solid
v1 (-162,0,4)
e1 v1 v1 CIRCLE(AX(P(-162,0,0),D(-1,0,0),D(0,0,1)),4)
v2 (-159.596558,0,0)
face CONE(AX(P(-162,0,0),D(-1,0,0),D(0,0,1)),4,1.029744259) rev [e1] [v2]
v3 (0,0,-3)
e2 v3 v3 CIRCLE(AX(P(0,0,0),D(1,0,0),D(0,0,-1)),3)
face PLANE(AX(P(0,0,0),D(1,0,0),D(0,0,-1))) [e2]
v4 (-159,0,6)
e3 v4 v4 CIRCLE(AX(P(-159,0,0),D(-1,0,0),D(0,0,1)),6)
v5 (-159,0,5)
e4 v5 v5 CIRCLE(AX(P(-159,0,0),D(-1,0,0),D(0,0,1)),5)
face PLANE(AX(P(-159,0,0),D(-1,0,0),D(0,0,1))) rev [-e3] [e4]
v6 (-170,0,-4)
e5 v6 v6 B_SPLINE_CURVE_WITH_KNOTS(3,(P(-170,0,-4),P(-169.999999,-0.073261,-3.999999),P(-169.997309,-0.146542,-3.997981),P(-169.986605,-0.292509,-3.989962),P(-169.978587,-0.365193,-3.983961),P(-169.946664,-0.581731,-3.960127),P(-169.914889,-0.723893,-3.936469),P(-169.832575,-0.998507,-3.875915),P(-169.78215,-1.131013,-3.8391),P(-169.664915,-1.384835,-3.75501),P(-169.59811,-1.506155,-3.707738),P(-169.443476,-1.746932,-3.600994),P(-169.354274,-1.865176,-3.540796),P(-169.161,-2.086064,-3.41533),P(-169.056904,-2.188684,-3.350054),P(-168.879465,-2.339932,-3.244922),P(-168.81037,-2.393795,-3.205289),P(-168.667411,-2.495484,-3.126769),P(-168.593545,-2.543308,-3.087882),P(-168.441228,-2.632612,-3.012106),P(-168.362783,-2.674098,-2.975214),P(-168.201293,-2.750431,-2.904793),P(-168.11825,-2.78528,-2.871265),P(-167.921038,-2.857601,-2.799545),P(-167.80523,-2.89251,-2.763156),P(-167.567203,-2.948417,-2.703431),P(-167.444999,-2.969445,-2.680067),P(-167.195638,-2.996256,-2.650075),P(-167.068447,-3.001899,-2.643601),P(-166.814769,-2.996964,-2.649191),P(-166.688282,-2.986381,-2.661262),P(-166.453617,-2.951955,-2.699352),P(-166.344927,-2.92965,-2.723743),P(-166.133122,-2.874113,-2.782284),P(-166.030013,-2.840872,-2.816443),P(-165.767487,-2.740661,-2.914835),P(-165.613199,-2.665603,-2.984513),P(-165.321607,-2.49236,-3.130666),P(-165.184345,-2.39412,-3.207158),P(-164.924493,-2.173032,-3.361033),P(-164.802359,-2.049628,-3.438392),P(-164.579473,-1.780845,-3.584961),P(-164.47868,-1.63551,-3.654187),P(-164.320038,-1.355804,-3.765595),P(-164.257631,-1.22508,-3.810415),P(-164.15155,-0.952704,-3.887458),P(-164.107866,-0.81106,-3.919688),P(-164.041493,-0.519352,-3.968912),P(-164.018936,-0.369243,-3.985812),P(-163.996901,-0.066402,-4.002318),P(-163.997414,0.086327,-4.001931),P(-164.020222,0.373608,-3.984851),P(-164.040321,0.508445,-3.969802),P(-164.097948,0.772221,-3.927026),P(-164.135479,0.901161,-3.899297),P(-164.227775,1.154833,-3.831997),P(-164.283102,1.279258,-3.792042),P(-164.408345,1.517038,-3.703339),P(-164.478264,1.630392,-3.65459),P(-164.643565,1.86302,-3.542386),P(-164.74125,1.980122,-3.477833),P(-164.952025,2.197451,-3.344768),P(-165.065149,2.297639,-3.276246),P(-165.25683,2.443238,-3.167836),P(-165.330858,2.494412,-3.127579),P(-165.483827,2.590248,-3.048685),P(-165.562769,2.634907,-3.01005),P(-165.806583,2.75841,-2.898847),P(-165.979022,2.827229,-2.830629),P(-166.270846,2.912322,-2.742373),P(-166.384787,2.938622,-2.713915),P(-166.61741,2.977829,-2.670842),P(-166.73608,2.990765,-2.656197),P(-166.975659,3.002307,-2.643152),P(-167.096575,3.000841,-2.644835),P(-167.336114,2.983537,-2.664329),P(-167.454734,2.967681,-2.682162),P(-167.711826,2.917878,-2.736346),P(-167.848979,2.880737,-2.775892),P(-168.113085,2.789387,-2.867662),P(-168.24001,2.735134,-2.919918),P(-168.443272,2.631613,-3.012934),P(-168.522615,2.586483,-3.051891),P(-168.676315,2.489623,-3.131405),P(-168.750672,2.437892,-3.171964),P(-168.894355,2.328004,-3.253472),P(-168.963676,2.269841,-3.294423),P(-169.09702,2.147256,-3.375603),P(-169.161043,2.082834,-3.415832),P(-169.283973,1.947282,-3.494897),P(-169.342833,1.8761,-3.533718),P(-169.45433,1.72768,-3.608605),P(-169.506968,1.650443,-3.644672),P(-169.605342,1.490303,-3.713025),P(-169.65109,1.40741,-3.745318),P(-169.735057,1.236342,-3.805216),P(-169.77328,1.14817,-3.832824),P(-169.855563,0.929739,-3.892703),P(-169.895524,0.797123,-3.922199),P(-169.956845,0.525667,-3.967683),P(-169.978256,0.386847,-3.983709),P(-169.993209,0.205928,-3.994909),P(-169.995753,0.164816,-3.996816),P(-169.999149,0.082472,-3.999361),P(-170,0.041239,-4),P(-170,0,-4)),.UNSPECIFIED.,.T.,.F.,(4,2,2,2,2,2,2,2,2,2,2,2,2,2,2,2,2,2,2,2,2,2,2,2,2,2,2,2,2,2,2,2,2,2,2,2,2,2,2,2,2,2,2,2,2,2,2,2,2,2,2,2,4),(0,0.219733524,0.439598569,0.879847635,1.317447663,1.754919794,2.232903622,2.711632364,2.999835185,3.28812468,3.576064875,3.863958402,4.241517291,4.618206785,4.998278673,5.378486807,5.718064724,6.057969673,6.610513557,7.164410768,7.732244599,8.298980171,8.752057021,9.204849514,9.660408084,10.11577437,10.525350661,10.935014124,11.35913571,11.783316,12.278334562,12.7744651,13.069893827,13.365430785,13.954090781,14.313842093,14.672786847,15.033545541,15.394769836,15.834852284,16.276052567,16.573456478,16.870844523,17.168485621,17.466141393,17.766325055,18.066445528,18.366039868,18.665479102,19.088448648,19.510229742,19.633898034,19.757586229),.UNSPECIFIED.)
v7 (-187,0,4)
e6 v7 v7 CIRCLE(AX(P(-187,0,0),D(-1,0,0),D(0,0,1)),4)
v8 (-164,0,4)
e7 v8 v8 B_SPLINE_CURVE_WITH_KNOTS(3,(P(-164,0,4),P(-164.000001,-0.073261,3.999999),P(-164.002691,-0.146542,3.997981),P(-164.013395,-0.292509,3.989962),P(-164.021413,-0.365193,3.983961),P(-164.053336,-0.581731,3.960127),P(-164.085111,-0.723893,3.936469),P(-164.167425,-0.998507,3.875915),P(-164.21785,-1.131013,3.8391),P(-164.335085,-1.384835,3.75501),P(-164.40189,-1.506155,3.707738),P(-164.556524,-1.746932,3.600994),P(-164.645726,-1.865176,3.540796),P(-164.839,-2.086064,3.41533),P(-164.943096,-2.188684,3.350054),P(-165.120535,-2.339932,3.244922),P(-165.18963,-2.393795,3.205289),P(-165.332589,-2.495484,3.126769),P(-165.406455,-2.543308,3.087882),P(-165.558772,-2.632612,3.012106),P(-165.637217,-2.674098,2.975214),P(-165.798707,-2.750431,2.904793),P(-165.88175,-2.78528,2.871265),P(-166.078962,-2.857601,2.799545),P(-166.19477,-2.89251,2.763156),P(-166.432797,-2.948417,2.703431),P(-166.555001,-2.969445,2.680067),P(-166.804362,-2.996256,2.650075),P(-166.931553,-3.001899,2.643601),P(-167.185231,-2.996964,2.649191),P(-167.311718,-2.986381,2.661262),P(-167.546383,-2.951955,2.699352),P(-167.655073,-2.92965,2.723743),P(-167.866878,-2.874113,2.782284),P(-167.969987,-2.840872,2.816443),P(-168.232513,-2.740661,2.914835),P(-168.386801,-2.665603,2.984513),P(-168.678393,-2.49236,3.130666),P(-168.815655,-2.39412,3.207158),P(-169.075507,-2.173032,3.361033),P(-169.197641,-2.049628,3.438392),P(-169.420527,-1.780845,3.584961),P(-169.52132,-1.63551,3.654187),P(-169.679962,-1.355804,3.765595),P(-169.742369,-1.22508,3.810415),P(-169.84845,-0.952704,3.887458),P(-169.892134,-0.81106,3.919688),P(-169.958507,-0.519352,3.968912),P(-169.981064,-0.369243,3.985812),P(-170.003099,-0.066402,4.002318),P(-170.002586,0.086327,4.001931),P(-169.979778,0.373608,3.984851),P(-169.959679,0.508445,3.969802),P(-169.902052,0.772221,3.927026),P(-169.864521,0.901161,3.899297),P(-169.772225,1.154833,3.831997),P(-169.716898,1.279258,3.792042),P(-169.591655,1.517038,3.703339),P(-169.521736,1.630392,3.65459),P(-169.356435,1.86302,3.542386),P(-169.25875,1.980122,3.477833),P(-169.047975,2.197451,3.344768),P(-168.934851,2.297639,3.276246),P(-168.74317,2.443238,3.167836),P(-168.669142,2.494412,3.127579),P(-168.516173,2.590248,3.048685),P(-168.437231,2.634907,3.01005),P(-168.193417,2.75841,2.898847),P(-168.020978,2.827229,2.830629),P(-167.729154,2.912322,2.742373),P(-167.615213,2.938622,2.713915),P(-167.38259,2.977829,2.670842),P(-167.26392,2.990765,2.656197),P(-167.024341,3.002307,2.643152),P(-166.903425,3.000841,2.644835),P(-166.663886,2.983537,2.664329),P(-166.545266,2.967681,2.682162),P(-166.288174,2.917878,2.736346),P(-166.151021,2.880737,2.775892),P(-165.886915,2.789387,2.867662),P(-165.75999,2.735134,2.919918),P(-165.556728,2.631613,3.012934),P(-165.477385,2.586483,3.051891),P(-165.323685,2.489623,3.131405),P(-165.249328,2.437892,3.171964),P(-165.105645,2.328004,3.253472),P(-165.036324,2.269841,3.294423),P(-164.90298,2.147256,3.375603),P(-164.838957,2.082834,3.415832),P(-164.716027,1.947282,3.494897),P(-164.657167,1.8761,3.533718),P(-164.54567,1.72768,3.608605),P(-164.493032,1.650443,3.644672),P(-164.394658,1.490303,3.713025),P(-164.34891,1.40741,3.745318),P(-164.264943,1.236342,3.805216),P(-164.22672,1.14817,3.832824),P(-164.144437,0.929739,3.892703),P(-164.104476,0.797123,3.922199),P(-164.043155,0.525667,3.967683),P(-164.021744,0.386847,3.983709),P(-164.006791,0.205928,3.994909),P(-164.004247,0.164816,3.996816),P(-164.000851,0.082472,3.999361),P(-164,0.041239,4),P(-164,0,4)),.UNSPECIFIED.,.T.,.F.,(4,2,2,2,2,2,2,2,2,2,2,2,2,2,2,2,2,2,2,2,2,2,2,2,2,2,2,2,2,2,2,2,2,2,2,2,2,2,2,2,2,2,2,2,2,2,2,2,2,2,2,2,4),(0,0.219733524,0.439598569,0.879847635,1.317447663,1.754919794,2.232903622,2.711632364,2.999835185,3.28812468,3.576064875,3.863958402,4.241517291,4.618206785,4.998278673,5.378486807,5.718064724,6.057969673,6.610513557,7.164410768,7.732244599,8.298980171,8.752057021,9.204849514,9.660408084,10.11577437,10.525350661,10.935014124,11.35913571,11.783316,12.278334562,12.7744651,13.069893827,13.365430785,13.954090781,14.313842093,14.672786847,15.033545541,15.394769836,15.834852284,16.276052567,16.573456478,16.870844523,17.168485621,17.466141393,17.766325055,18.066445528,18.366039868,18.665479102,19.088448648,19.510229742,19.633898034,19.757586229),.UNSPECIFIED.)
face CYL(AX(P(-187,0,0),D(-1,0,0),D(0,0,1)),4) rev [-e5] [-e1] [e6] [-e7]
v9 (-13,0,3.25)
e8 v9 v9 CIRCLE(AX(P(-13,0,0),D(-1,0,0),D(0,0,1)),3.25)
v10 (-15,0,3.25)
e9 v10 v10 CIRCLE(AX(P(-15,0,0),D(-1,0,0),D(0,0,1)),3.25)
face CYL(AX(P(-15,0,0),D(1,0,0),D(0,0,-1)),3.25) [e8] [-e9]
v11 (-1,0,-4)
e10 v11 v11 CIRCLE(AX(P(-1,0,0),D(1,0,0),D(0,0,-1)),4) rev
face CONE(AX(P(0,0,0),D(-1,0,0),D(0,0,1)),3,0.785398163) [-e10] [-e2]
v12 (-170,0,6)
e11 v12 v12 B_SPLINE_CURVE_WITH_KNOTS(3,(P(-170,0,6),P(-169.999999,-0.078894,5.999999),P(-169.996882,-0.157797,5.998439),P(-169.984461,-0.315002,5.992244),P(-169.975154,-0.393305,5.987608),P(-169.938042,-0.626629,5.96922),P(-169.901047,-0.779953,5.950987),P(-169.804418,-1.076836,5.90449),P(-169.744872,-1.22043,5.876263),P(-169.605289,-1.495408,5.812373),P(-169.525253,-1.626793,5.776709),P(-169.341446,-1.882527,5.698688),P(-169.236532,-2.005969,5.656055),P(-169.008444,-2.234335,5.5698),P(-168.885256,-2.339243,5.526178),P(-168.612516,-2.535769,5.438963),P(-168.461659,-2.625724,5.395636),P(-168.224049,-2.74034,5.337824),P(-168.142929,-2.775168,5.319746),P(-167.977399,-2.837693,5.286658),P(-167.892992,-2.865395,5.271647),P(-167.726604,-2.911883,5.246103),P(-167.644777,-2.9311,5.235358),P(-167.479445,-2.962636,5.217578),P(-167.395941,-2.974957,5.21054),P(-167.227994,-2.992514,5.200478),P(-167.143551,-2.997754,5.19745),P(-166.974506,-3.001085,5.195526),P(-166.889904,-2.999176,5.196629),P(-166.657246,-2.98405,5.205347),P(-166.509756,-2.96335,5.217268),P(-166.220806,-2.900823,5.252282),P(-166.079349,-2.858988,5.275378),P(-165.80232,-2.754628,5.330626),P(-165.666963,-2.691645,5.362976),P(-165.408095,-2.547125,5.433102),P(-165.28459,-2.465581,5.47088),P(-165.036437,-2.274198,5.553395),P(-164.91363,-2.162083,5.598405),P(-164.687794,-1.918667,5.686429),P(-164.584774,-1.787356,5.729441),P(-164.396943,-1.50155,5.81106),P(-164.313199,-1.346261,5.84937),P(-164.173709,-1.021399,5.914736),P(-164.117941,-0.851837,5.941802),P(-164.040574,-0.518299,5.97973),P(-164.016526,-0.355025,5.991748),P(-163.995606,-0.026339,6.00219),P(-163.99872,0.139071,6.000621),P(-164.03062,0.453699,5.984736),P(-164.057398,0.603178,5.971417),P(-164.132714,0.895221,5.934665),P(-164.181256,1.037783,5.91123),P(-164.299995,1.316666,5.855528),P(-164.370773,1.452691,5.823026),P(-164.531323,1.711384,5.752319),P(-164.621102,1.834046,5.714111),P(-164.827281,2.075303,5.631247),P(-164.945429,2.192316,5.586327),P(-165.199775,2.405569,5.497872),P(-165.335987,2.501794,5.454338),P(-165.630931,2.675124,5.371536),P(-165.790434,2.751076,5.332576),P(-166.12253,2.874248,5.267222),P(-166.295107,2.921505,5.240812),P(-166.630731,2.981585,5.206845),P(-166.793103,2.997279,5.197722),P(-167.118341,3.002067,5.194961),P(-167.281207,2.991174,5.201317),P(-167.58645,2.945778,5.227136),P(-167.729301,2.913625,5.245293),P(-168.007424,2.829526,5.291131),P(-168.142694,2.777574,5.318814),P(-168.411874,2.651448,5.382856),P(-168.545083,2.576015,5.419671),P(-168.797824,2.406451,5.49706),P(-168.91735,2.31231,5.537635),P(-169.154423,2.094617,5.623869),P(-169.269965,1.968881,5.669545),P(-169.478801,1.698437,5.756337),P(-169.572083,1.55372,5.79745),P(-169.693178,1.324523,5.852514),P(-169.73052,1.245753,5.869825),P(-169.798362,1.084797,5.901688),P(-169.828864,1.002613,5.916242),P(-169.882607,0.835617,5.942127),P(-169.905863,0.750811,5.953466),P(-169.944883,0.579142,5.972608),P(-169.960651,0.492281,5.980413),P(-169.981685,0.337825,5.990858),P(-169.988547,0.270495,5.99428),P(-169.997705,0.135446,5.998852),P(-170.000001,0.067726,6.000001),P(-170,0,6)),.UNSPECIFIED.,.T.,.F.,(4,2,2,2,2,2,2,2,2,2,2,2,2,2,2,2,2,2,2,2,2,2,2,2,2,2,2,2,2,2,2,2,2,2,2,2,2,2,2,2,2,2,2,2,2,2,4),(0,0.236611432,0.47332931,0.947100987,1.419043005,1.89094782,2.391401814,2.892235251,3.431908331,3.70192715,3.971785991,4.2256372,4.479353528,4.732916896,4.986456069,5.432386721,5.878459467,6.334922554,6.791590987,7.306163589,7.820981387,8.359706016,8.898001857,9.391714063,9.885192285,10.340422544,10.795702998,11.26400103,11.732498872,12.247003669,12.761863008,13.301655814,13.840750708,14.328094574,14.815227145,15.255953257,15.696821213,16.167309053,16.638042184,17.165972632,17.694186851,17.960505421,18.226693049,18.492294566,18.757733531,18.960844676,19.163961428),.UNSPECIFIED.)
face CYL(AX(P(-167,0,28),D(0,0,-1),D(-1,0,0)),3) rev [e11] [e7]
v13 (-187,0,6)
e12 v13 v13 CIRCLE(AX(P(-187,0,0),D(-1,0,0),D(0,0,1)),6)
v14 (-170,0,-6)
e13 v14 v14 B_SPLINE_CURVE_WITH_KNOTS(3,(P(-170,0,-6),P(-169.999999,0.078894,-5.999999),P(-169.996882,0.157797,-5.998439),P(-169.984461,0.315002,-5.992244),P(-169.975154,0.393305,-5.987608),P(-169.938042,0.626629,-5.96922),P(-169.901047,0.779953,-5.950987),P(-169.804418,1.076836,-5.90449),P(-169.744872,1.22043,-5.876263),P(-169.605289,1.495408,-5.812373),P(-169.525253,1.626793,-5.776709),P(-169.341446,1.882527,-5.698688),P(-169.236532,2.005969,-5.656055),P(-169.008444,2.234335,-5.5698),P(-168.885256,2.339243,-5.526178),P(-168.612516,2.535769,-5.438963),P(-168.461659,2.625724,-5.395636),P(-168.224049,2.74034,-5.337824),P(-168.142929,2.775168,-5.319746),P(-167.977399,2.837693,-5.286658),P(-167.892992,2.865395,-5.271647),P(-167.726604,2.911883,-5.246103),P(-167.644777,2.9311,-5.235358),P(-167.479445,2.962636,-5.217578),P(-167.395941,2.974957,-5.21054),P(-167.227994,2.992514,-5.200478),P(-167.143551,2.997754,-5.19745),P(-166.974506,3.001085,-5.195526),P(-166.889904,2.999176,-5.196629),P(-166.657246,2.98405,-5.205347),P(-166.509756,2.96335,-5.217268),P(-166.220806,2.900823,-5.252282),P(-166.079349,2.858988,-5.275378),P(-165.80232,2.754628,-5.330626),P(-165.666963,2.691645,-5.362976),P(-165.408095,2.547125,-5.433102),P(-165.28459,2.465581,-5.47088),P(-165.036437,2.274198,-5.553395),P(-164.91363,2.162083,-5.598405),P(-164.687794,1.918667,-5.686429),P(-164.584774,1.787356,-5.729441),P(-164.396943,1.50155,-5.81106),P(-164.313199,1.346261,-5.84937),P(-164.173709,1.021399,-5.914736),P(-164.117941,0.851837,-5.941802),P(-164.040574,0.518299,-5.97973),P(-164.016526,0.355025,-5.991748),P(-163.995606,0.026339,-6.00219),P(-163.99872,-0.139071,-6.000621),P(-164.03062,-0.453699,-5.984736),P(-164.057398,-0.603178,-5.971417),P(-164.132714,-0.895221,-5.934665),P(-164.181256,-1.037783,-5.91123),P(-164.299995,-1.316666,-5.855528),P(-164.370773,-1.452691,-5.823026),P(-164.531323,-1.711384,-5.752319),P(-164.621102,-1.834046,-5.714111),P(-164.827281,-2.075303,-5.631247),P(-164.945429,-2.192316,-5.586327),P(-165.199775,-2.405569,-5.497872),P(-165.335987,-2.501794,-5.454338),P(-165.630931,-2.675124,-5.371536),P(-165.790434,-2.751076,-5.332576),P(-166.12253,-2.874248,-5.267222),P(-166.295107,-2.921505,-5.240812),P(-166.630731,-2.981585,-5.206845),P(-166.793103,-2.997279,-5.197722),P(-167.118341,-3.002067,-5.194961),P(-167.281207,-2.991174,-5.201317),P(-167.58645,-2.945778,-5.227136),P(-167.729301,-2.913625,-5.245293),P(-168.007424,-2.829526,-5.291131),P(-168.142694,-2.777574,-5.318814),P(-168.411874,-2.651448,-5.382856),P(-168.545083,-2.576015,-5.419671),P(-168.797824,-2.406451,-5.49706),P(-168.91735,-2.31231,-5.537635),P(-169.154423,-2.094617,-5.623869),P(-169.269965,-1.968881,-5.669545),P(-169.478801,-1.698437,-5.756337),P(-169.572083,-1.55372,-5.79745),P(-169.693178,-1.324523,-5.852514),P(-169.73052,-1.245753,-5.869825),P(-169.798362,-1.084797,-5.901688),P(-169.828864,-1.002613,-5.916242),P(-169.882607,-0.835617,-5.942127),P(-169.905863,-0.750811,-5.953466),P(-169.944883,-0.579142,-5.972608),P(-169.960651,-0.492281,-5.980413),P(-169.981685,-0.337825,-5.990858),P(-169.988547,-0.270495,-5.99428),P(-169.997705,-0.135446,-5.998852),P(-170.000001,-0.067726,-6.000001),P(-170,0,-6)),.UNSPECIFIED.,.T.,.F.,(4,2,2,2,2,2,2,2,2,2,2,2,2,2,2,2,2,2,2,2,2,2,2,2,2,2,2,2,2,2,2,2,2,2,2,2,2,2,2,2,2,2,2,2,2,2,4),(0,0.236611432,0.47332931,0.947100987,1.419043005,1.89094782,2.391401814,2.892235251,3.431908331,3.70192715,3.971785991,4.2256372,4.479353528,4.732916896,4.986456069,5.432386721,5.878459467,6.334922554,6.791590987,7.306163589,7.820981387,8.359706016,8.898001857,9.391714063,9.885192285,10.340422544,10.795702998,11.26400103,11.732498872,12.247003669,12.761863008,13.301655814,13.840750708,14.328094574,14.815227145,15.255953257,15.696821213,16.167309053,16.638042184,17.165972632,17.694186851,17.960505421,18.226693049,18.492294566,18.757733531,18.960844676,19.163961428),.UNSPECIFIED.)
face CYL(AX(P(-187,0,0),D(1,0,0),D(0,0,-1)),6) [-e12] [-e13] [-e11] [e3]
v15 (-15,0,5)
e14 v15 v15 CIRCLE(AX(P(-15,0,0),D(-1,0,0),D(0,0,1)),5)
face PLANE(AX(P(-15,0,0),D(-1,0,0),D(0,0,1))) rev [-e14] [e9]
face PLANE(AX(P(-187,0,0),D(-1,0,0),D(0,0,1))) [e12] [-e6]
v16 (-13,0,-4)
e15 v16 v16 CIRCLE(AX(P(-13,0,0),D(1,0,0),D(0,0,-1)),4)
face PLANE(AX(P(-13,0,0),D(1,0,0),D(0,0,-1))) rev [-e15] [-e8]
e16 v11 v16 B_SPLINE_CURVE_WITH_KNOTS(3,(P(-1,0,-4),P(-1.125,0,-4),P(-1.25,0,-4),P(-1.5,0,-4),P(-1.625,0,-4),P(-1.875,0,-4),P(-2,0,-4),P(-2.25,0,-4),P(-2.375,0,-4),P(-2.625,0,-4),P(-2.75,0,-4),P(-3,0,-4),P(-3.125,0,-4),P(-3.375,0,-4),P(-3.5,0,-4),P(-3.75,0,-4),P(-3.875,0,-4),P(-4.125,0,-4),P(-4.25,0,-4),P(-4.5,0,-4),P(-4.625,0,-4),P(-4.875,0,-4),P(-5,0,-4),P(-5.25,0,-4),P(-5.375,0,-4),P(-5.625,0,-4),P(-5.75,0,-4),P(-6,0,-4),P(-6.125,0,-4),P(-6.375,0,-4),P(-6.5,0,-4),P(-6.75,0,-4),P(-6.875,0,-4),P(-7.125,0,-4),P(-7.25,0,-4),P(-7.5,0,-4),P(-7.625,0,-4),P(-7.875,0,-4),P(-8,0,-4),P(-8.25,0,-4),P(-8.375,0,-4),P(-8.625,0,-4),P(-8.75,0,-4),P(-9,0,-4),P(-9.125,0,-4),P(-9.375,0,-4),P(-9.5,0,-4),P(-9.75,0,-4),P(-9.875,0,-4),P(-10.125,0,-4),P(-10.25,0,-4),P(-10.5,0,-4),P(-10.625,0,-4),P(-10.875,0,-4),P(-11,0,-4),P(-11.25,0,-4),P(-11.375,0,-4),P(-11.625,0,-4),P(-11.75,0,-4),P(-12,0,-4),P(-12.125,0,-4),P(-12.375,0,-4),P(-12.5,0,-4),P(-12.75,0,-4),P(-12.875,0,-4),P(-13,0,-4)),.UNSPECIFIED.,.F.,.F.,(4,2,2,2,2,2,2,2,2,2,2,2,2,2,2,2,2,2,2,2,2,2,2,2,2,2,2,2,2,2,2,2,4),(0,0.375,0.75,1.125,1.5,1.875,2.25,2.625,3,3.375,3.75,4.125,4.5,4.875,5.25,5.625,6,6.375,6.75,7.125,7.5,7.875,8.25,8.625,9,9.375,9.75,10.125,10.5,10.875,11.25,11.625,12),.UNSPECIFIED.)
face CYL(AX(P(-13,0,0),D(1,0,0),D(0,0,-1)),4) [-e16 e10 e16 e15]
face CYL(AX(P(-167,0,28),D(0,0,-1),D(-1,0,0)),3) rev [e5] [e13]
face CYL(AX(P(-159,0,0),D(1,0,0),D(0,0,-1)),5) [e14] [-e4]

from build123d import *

# Parameters (mm, degrees)
SKETCH_3_R               = 4
EXTRUDE_1_DEPTH          = 13
SKETCH_5_R               = 3.25
EXTRUDE_2_DEPTH          = 2
SKETCH_6_R               = 5
EXTRUDE_3_DEPTH          = 144
CHAMFER_2_SIZE           = 1
SKETCH_69_R              = 6
EXTRUDE_4_DEPTH          = 28
HOLE_WIZARD_1_D          = 8
HOLE_WIZARD_1_DEPTH      = 25
HOLE_WIZARD_1_TIP        = 2.403442476
CUT_EXTRUDE_1_DEPTH      = 28
CUT_EXTRUDE_1_DEPTH_BACK = 28
SKETCH_70_R              = 3


with BuildPart() as part:
    # 草图3 → 凸台-拉伸1 (new body)
    with BuildSketch(Plane(origin=(0, 0, 0), x_dir=(0, 0, -1), z_dir=(1, 0, 0))):
        Circle(SKETCH_3_R)
    extrude(amount=-EXTRUDE_1_DEPTH)

    # 草图5 → 凸台-拉伸2 (add)
    with BuildSketch(Plane.ZY.offset(13)):
        Circle(SKETCH_5_R)
    extrude(amount=EXTRUDE_2_DEPTH)

    # 草图6 → 凸台-拉伸3 (add)
    with BuildSketch(Plane.ZY.offset(15)):
        Circle(SKETCH_6_R)
    extrude(amount=EXTRUDE_3_DEPTH)

    # 倒角2
    chamfer_2_edges = [part.edges().sort_by_distance(p)[0] for p in [
        (0, 0, 4),
    ]]
    chamfer(chamfer_2_edges, length=CHAMFER_2_SIZE)

    # 草图69 → 凸台-拉伸4 (add)
    with BuildSketch(Plane.ZY.offset(159)):
        Circle(SKETCH_69_R)
    extrude(amount=EXTRUDE_4_DEPTH)

    # 孔1
    with Locations(Plane.ZY.offset(187)):
        with Locations((0, 0)):
            Hole(HOLE_WIZARD_1_D / 2, depth=HOLE_WIZARD_1_DEPTH)
            with Locations((0, 0, -(HOLE_WIZARD_1_DEPTH + HOLE_WIZARD_1_TIP / 2))):  # 118° drill point
                Cone(0, HOLE_WIZARD_1_D / 2, HOLE_WIZARD_1_TIP, mode=Mode.SUBTRACT)

    # 草图70 → 切除-拉伸1 (cut, two sides: drawn at the far end of the back side and taken through both)
    with BuildSketch(Plane.XY.offset(-CUT_EXTRUDE_1_DEPTH_BACK)):
        with Locations((-167, 0)):
            Circle(SKETCH_70_R)
    extrude(amount=CUT_EXTRUDE_1_DEPTH + CUT_EXTRUDE_1_DEPTH_BACK, mode=Mode.SUBTRACT)


solid = part.part
